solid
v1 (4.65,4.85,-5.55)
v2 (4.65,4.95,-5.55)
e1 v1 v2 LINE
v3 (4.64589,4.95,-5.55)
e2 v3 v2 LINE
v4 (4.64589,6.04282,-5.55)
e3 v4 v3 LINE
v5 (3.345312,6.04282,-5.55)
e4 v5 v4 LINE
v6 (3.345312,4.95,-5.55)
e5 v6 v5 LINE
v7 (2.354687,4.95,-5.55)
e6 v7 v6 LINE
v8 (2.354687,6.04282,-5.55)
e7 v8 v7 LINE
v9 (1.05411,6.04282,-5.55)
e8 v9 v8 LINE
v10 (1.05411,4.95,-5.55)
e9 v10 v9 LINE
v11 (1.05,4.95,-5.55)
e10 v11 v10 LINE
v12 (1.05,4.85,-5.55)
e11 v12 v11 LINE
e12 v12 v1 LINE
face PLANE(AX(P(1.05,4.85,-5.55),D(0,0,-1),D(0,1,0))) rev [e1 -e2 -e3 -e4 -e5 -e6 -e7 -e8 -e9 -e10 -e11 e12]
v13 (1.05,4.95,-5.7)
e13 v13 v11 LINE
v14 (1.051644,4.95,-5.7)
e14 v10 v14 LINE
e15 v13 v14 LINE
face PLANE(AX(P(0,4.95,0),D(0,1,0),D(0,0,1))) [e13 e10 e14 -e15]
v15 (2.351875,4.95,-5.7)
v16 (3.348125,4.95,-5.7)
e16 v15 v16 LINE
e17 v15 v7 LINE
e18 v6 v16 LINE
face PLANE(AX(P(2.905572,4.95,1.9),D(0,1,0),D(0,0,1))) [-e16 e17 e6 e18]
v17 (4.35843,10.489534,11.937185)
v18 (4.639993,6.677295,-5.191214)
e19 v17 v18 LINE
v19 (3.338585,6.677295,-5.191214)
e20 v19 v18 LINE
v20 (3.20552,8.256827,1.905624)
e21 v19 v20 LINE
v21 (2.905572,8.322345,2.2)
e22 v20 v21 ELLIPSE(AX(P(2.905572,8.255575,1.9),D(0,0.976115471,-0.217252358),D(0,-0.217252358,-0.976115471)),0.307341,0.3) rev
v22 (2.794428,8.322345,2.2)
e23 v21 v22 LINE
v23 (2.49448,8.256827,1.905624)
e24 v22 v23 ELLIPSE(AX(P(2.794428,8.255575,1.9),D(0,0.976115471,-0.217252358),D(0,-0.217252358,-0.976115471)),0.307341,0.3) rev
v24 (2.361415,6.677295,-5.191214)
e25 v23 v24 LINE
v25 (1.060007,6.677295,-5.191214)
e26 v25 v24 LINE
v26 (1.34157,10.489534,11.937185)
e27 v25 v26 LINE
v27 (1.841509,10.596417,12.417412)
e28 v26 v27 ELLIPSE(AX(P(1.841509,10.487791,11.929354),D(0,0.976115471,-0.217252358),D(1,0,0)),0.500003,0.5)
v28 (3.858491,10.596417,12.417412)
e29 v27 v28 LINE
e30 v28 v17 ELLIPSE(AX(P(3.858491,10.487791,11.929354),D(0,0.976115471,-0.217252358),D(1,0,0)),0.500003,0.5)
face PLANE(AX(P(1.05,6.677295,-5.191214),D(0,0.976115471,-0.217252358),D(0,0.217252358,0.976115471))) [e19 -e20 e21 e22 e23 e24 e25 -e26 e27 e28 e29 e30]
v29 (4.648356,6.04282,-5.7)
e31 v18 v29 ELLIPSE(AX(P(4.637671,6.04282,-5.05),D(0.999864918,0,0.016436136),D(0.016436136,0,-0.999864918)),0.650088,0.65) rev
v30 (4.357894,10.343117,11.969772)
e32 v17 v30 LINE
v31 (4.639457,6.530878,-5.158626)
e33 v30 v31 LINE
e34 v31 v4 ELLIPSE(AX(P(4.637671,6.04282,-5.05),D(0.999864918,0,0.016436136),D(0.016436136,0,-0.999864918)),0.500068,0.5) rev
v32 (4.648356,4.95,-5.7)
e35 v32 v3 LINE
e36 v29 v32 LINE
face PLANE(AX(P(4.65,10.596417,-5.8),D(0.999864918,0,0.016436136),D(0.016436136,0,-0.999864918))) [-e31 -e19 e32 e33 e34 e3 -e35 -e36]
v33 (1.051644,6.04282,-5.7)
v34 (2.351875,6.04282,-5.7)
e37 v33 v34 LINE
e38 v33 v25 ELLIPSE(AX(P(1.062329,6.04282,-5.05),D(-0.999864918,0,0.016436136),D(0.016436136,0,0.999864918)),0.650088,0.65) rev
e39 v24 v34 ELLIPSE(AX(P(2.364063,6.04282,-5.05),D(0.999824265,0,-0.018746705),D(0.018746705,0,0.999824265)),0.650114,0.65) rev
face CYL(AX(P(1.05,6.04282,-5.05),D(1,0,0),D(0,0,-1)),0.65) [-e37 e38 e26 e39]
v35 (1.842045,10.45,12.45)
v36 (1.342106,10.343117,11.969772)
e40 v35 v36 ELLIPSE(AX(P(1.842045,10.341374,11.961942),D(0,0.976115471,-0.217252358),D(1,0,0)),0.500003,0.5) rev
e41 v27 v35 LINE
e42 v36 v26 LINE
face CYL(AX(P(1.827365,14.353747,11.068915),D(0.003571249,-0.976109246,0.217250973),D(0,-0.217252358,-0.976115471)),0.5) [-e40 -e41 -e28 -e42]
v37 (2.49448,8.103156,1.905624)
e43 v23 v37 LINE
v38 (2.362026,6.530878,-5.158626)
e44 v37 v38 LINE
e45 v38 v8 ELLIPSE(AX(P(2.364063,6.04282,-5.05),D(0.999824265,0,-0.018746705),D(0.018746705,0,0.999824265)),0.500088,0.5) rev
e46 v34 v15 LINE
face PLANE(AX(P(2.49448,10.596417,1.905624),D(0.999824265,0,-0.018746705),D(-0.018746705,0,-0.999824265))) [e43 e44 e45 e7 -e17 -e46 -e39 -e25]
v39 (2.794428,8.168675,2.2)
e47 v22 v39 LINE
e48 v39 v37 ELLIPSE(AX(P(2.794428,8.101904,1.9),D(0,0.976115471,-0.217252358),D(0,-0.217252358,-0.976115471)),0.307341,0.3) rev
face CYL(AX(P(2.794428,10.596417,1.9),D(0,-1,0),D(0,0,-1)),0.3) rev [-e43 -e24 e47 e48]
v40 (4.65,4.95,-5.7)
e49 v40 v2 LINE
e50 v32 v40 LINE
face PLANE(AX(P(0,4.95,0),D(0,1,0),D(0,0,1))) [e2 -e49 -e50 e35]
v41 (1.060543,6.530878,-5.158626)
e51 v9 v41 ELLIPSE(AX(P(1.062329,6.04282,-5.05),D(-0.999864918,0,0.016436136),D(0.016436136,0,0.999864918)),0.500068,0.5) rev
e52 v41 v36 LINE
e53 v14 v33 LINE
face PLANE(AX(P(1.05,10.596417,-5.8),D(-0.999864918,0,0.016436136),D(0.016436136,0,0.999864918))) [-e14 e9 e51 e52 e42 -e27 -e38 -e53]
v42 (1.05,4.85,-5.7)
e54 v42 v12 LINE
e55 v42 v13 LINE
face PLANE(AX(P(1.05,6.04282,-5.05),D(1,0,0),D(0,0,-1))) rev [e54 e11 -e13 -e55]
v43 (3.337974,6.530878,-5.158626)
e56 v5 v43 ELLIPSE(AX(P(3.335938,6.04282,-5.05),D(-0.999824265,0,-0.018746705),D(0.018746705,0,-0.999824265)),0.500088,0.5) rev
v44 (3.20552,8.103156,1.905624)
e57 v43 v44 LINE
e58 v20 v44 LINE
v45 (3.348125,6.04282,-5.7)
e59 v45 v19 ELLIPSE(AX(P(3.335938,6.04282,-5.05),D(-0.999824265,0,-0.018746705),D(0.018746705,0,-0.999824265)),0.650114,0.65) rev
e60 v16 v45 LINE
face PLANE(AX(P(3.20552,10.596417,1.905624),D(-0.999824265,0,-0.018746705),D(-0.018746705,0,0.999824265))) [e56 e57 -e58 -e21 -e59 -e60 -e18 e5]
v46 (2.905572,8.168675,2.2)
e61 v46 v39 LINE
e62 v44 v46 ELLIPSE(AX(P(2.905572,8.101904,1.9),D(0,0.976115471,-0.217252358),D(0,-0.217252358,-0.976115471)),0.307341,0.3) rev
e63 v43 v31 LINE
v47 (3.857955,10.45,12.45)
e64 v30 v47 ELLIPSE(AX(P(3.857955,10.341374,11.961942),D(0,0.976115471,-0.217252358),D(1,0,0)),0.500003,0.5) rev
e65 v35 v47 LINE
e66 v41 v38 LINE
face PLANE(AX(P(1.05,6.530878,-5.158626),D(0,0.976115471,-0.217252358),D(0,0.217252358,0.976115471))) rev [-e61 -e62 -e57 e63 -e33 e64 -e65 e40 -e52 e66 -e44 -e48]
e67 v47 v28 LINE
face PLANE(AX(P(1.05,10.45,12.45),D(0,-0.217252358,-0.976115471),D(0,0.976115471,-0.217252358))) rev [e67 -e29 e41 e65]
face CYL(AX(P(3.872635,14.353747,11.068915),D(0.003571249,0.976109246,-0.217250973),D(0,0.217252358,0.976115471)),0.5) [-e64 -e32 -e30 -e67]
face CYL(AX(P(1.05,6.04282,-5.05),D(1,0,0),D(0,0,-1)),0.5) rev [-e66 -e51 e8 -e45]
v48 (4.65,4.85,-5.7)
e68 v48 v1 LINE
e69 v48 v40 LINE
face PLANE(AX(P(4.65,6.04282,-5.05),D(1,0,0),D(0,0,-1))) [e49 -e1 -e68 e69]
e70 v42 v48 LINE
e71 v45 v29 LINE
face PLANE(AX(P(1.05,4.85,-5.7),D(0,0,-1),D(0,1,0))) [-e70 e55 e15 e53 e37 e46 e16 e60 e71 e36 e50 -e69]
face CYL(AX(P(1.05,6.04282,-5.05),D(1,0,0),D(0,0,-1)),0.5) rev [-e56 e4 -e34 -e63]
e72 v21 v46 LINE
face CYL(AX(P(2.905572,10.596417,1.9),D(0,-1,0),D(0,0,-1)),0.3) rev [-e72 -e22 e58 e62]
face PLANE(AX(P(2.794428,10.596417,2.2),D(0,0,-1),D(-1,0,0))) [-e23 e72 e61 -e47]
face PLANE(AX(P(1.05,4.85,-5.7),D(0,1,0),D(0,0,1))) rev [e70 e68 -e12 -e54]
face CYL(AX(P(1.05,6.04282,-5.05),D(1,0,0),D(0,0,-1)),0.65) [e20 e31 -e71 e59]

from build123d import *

# Parameters (mm, degrees)
LEVER_DEPTH      = 1.8
LEVER_DEPTH_BACK = 1.8
CUT_DEPTH        = 15.439772455
FILLET_1_R       = 0.5


with BuildPart() as part:
    # Эскиз1 → Lever (new, two sides: drawn at the far end of the back side and taken through both)
    with BuildSketch(Plane(origin=(2.85, 0, 0), x_dir=(0, 0, -1), z_dir=(1, 0, 0)).offset(-LEVER_DEPTH_BACK)):
        with BuildLine():
            Line((5.55, 4.85), (5.55, 6.042820323))
            ThreePointArc((5.55, 6.042820323), (5.440072487, 6.355619708), (5.158626179, 6.530878059))
            Line((5.158626179, 6.530878059), (-12.45, 10.45))
            Line((-12.45, 10.45), (-12.417412146, 10.596417321))
            Line((-12.417412146, 10.596417321), (5.191214033, 6.677295379))
            ThreePointArc((5.191214033, 6.677295379), (5.557094233, 6.449459523), (5.7, 6.042820323))
            Line((5.7, 6.042820323), (5.7, 4.85))
            Line((5.7, 4.85), (5.55, 4.85))
        make_face()
    extrude(amount=LEVER_DEPTH + LEVER_DEPTH_BACK)

    # Эскиз2 → Cut (cut, through all)
    with BuildSketch(Plane(origin=(0, 4.95, 0), x_dir=(1, 0, 0), z_dir=(0, 1, 0))):
        Polygon((1.05, 5.8), (1.35, -12.45), (1.05, -12.45), align=None)
        Polygon((4.65, 5.8), (4.65, -12.45), (4.35, -12.45), align=None)
        with BuildLine():
            Line((2.35, 5.8), (3.35, 5.8))
            Line((3.35, 5.8), (3.20551955, -1.905624011))
            ThreePointArc((3.20551955, -1.905624011), (3.115706509, -2.11411119), (2.90557227, -2.2))
            Line((2.90557227, -2.2), (2.79442773, -2.2))
            ThreePointArc((2.79442773, -2.2), (2.584293491, -2.11411119), (2.49448045, -1.905624011))
            Line((2.49448045, -1.905624011), (2.35, 5.8))
        make_face()
    extrude(amount=CUT_DEPTH, mode=Mode.SUBTRACT)

    # Скругление1
    fillet_1_edges = [part.edges().sort_by_distance(p)[0] for p in [
        (4.350267845, 10.52320866, 12.433706073),
        (1.349732155, 10.52320866, 12.433706073),
    ]]
    fillet(fillet_1_edges, radius=FILLET_1_R)


solid = part.part
